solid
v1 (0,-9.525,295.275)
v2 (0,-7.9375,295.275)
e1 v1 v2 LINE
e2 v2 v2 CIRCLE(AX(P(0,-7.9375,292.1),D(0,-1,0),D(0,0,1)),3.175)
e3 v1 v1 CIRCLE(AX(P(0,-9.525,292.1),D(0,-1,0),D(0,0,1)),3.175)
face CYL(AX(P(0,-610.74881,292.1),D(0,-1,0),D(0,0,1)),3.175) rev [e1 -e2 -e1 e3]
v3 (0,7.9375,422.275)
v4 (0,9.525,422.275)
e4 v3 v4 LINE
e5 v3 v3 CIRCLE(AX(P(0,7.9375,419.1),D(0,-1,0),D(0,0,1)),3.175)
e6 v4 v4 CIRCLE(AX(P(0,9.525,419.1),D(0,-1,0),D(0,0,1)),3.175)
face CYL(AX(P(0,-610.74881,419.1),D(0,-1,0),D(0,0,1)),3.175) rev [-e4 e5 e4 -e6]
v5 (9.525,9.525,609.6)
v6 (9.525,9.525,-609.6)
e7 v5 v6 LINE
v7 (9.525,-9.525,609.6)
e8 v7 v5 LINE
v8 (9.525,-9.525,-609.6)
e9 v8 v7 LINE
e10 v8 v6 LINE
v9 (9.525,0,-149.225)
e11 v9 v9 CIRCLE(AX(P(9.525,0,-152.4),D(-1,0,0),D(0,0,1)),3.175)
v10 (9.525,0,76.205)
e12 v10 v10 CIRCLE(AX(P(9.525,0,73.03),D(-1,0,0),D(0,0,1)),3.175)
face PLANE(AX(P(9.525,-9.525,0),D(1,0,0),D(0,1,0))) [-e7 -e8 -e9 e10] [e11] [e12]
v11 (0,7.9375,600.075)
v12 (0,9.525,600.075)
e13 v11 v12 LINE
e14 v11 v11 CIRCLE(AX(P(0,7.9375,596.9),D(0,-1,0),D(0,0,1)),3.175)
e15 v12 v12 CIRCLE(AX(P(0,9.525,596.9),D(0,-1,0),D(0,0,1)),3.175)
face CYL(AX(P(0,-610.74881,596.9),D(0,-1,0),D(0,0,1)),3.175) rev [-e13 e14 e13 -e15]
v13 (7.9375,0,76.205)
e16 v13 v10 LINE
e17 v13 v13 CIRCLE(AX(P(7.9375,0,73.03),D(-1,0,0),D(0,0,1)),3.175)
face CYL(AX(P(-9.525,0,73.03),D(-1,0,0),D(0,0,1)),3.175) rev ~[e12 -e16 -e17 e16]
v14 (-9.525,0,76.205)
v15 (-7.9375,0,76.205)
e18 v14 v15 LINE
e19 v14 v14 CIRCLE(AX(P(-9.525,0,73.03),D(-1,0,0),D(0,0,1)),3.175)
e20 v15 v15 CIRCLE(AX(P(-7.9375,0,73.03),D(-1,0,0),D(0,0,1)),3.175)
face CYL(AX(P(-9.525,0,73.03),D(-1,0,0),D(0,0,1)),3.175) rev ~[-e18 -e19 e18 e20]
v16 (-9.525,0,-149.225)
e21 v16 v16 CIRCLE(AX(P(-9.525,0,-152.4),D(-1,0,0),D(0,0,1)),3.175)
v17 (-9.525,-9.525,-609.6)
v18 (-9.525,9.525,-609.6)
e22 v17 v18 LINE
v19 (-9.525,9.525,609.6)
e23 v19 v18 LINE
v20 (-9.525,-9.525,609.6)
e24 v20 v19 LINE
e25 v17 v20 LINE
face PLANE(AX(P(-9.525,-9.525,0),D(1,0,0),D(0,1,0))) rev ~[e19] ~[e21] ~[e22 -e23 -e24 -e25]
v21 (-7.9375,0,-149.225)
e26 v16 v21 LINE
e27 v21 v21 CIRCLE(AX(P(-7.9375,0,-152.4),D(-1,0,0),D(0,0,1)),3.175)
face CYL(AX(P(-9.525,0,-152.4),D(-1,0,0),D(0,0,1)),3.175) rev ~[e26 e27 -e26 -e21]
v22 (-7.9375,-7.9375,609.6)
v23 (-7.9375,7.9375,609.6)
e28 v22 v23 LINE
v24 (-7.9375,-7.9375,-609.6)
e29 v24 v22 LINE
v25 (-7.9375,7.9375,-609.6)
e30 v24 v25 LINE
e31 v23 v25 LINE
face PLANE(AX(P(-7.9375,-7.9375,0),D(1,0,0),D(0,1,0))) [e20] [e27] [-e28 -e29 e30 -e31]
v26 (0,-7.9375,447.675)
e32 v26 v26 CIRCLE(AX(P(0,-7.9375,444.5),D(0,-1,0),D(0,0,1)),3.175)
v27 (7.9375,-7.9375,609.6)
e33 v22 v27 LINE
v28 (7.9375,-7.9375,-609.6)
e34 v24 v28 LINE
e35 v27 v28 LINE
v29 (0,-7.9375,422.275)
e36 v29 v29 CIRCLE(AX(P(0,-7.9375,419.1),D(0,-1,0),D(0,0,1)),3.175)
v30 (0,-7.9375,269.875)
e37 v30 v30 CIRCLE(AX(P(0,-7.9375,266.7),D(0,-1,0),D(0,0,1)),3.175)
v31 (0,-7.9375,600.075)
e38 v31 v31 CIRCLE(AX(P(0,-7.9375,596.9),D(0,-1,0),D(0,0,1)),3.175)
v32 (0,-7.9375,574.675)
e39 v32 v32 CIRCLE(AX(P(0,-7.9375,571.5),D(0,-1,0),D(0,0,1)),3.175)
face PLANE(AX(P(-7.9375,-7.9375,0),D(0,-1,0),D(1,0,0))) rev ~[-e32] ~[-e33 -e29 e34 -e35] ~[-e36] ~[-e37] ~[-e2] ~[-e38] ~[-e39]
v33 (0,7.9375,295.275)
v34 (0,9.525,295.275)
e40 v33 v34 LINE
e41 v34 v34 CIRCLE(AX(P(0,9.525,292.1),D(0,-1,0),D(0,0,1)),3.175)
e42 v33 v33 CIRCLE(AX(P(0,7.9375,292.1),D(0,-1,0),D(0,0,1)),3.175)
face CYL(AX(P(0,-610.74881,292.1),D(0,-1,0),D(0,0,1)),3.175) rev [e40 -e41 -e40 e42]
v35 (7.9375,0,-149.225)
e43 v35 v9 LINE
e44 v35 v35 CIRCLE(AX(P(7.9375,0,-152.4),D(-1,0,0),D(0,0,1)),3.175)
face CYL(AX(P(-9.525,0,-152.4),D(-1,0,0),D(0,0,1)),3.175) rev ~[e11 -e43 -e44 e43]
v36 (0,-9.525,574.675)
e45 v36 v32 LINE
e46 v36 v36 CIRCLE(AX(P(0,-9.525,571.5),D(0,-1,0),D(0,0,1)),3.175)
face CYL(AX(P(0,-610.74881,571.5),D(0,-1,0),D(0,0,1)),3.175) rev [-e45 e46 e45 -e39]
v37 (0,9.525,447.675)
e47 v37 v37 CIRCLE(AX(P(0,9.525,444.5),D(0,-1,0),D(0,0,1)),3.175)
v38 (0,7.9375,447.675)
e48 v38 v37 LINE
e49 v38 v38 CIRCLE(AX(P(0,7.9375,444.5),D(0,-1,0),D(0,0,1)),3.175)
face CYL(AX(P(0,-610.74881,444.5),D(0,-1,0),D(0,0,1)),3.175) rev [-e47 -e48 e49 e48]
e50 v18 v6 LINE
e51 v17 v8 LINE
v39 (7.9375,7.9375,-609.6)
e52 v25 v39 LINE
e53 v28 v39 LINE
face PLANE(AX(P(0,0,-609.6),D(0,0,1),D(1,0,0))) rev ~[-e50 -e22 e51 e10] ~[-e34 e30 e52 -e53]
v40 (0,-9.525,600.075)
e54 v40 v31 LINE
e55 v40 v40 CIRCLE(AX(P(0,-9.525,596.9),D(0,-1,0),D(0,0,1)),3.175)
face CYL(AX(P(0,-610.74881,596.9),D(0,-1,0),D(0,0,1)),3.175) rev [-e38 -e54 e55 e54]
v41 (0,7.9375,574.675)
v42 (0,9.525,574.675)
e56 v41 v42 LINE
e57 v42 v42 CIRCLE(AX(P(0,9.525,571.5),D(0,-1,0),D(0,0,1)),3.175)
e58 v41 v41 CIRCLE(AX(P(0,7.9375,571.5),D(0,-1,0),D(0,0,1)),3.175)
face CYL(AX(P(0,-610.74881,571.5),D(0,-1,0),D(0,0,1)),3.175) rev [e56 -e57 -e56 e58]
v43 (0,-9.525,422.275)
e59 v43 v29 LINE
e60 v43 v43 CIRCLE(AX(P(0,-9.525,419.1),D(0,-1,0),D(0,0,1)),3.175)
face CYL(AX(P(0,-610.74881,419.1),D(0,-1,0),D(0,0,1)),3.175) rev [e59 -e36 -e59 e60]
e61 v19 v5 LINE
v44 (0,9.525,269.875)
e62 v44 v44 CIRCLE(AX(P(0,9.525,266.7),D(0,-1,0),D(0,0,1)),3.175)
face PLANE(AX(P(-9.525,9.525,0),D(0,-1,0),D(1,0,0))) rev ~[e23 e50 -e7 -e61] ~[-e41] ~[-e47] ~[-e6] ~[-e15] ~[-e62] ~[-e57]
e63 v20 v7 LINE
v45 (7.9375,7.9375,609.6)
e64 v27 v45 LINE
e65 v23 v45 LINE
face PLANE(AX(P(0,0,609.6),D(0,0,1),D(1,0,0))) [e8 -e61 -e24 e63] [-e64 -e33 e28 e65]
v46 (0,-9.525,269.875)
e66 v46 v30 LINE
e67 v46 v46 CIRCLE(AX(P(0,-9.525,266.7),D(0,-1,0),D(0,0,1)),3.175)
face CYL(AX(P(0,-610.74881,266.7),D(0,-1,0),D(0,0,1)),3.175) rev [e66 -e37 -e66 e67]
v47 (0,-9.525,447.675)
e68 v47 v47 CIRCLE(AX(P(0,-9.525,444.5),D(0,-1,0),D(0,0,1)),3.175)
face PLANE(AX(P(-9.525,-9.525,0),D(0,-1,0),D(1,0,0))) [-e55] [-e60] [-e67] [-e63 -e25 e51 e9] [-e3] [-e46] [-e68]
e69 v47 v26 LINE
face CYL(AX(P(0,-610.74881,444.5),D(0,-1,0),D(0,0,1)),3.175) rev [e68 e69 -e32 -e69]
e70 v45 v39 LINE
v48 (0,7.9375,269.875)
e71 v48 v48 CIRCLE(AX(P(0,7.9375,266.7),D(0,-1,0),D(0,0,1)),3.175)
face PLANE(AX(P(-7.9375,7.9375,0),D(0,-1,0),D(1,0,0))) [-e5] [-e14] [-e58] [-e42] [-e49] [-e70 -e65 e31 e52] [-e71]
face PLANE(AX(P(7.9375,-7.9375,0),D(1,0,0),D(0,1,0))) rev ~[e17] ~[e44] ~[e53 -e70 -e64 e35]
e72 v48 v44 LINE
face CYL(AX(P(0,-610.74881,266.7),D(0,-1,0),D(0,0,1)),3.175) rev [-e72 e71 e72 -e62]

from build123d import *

# Parameters (mm, degrees)
SKETCH1_W               = 19.05
SKETCH1_H               = 19.05
SKETCH1_W_2             = 15.875
SKETCH1_H_2             = 15.875
BOSS_EXTRUDE1_DEPTH     = 609.6
CUT_EXTRUDE1_DEPTH      = 610.748809962
CUT_EXTRUDE1_DEPTH_BACK = 610.748809962
SKETCH2_R               = 3.175
SKETCH3_R               = 3.175
CUT_EXTRUDE2_DEPTH      = 610.971956835


with BuildPart() as part:
    # Sketch1 → Boss-Extrude1 (new, symmetric)
    with BuildSketch(Plane.XY):
        Rectangle(SKETCH1_W, SKETCH1_H)
        Rectangle(SKETCH1_W_2, SKETCH1_H_2, mode=Mode.SUBTRACT)
    extrude(amount=BOSS_EXTRUDE1_DEPTH, both=True)

    # Sketch2 → Cut-Extrude1 (cut, two sides: drawn at the far end of the back side and taken through both)
    with BuildSketch(Plane(origin=(0, 0, 0), x_dir=(1, 0, 0), z_dir=(0, 1, 0)).offset(-CUT_EXTRUDE1_DEPTH_BACK)):
        with Locations(Location((0, -596.9, 0), (0, 0, 270))):
            Circle(SKETCH2_R)
        with Locations(Location((0, -571.5, 0), (0, 0, 270))):
            Circle(SKETCH2_R)
        with Locations(Location((0, -444.5, 0), (0, 0, 270))):
            Circle(SKETCH2_R)
        with Locations(Location((0, -419.1, 0), (0, 0, 270))):
            Circle(SKETCH2_R)
        with Locations(Location((0, -292.1, 0), (0, 0, 270))):
            Circle(SKETCH2_R)
        with Locations(Location((0, -266.7, 0), (0, 0, 270))):
            Circle(SKETCH2_R)
    extrude(amount=CUT_EXTRUDE1_DEPTH + CUT_EXTRUDE1_DEPTH_BACK, mode=Mode.SUBTRACT)

    # Sketch3 → Cut-Extrude2 (cut, through all)
    with BuildSketch(Plane.ZY.offset(9.525)):
        with Locations((-152.4, 0)):
            Circle(SKETCH3_R)
        with Locations((73.03, 0)):
            Circle(SKETCH3_R)
    extrude(amount=-CUT_EXTRUDE2_DEPTH, mode=Mode.SUBTRACT)


solid = part.part
